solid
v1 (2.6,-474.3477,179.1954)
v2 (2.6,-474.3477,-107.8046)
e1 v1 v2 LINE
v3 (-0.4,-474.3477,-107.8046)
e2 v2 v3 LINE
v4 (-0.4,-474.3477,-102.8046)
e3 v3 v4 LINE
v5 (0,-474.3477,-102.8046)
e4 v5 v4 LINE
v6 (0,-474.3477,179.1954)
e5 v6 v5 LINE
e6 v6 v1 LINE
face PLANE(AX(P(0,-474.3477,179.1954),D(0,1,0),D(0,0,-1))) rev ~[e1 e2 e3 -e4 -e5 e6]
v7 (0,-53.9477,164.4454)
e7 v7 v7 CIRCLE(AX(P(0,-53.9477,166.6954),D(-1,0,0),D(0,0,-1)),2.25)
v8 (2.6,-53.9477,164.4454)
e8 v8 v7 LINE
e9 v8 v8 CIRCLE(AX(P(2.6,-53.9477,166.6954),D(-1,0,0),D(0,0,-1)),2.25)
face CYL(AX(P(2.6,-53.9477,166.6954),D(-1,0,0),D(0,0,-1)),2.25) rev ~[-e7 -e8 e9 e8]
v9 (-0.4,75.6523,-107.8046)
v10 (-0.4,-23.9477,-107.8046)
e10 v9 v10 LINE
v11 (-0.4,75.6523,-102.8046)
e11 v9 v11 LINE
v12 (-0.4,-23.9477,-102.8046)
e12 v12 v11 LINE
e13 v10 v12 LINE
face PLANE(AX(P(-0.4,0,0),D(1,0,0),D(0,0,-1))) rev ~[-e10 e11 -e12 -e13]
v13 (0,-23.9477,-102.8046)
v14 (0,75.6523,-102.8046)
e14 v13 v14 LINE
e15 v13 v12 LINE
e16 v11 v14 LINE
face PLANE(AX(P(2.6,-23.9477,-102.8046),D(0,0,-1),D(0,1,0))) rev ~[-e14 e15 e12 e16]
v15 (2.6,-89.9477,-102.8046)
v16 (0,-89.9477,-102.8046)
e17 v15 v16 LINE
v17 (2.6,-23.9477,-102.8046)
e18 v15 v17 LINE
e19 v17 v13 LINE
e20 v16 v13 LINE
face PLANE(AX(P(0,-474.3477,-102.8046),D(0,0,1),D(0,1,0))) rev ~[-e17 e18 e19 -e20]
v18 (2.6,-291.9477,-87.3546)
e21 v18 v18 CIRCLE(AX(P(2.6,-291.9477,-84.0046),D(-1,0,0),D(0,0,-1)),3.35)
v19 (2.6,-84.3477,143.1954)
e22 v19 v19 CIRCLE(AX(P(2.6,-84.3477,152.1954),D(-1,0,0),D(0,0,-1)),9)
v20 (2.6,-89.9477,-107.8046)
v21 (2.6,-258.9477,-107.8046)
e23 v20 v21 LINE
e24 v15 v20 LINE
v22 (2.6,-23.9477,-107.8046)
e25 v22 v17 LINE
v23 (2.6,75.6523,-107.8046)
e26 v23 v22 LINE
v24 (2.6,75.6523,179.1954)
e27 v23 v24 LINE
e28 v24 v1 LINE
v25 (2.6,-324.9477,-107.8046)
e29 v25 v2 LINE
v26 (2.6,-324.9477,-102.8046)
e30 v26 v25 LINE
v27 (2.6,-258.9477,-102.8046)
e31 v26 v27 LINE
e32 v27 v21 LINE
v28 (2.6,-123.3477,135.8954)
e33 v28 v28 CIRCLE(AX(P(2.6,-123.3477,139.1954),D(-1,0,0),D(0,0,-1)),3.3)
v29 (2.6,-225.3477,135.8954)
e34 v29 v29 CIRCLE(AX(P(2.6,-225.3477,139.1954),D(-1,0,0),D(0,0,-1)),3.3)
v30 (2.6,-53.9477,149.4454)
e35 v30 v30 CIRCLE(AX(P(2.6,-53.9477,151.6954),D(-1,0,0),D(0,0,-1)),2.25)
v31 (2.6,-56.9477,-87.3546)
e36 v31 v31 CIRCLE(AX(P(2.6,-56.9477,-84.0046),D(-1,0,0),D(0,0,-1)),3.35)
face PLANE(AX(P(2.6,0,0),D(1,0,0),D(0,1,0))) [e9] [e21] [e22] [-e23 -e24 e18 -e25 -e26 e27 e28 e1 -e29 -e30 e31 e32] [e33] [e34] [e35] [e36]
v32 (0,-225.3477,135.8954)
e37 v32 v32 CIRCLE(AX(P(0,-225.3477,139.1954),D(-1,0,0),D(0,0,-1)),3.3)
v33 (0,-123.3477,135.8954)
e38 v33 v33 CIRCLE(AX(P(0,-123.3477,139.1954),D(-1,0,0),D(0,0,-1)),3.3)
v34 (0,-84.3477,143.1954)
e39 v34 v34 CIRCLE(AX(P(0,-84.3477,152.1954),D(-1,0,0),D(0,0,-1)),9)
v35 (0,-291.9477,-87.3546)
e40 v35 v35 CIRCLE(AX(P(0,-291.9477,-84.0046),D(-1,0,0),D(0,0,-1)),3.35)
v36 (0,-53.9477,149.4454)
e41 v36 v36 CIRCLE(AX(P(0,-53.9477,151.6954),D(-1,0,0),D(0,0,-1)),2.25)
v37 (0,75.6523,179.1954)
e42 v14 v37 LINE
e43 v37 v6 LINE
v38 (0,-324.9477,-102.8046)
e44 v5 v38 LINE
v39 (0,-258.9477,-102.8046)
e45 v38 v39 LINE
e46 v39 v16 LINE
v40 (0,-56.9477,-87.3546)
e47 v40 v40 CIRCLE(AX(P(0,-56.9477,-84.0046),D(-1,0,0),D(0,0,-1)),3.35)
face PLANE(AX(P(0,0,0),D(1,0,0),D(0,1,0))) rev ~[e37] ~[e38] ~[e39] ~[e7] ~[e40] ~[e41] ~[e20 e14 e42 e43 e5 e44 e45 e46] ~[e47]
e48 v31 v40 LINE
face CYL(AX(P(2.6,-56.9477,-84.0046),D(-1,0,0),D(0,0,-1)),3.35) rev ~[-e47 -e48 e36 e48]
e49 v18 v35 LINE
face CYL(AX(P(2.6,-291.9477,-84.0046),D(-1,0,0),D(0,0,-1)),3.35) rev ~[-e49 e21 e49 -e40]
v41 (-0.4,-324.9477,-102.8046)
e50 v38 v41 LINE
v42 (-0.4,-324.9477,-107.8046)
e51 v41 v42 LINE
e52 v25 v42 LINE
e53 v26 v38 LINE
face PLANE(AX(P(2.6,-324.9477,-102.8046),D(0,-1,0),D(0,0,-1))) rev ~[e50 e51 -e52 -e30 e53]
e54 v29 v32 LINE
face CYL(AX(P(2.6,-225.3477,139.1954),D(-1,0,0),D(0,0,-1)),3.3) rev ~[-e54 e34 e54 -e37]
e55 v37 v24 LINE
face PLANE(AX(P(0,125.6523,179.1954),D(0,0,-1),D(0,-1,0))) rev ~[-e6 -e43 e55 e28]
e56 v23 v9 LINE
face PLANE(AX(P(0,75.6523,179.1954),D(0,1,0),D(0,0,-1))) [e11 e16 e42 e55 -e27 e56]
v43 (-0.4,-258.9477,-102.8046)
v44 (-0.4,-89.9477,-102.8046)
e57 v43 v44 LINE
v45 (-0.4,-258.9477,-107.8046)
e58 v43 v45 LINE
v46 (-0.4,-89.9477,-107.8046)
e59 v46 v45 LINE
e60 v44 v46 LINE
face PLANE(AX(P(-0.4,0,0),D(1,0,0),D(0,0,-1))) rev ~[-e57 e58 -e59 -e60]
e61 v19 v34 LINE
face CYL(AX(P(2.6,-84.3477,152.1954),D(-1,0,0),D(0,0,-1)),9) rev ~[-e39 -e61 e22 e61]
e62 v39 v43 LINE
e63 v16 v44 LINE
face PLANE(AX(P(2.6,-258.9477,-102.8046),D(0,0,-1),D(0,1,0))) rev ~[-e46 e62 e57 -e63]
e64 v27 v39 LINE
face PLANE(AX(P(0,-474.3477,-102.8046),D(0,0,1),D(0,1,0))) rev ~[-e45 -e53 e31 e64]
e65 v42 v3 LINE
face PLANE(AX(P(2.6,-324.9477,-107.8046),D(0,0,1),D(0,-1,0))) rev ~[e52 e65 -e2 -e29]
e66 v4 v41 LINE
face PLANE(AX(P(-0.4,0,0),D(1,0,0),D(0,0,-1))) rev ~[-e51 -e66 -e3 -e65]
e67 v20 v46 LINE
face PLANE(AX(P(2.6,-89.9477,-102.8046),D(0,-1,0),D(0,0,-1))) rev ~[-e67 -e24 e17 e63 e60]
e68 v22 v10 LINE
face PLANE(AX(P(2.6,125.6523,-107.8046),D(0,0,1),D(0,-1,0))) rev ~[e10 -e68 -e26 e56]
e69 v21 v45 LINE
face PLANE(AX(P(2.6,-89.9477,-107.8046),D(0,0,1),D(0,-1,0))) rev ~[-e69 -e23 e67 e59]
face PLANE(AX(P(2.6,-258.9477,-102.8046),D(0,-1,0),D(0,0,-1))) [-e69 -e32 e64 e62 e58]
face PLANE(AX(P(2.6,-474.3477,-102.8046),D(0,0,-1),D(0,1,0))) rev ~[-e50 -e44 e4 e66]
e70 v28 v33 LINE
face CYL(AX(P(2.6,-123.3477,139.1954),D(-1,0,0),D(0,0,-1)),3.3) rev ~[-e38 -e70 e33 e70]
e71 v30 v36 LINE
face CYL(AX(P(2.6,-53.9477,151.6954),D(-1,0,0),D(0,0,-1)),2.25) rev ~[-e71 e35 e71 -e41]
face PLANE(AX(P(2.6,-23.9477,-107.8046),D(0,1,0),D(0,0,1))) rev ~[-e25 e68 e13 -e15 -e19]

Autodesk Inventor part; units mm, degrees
ref_plane "YZ Plane" through (0, 0, 0) normal (1, 0, 0) x (0, 1, 0)
ref_plane "XZ Plane" through (0, 0, 0) normal (0, 1, 0) x (-1, 0, 0)
sketch "スケッチ1" plane through (0, 0, 0) normal (1, 0, 0) x (0, 1, 0)
  line L0 (125.6523, 179.1954) -> (-474.3477, 179.1954)
  line L1 (-474.3477, 179.1954) -> (-474.3477, -102.8046)
  line L2 (-474.3477, -102.8046) -> (125.6523, -102.8046)
  line L3 (125.6523, -102.8046) -> (125.6523, 179.1954)
  dimension "d0" = 600
  dimension "d1" = 282
extrude "押し出し1" add sketch "スケッチ1" along normal blind 2.6
sketch "スケッチ4" plane through (2.6, 0, 0) normal (1, 0, 0) x (0, 0, -1)
  line L0 (102.8046, 125.6523) -> (-179.1954, 125.6523) projected
  line L1 (-179.1954, 125.6523) -> (-179.1954, -474.3477) projected
  point P0 (0, 0)
  point P1 (-139.1954, -225.3477)
  point P2 (-139.1954, -123.3477)
  dimension "d19" = 102
  dimension "d20" = 249
  dimension "d21" = 40
  dimension "d22" = 40
hole "穴2" at (2.6, -225.3477, 139.1954) at (2.6, -123.3477, 139.1954) direction (-1, 0, 0) diameter 6.6 end through all
sketch "スケッチ5" plane through (2.6, 0, 0) normal (1, 0, 0) x (0, 0, -1)
  line L0 (-179.1954, 125.6523) -> (-179.1954, -474.3477) projected
  line L1 (102.8046, 125.6523) -> (-179.1954, 125.6523) projected
  point P0 (-152.1954, -84.3477)
  dimension "d30" = 27
  dimension "d31" = 210
hole "穴3" at (2.6, -84.3477, 152.1954) direction (-1, 0, 0) diameter 18 end through all
sketch "スケッチ6" plane through (2.6, 0, 0) normal (1, 0, 0) x (0, 0, -1)
  line L0 (-179.1954, 125.6523) -> (-179.1954, -474.3477) projected
  circle A0 centre (-152.1954, -84.3477) radius 9 projected
  point P0 (0, 0)
  point P1 (-166.6954, -53.9477)
  point P2 (-151.6954, -53.9477)
  dimension "d39" = 12.5
  dimension "d40" = 27.5
  dimension "d41" = 30.4
  dimension "d42" = 30.4
hole "穴4" at (2.6, -53.9477, 166.6954) at (2.6, -53.9477, 151.6954) direction (-1, 0, 0) diameter 4.5 end through all
sketch "スケッチ7" plane through (2.6, 0, 0) normal (1, 0, 0) x (0, 0, -1)
  line L0 (102.8046, 125.6523) -> (-179.1954, 125.6523) projected
  line L1 (102.8046, -474.3477) -> (102.8046, 125.6523) projected
  line L2 (-179.1954, -474.3477) -> (102.8046, -474.3477) projected
  point P0 (0, 0)
  point P1 (84.0046, -56.9477)
  point P2 (84.0046, -291.9477)
  dimension "d50" = 182.6
  dimension "d51" = 18.8
  dimension "d52" = 18.8
  dimension "d53" = 182.4
hole "穴5" at (2.6, -56.9477, -84.0046) at (2.6, -291.9477, -84.0046) direction (-1, 0, 0) diameter 6.7 end through all
sketch "スケッチ8" plane through (2.6, 0, 0) normal (1, 0, 0) x (0, 0, -1)
  line L0 (102.8046, -474.3477) -> (102.8046, 125.6523) projected
  line L1 (102.8046, 125.6523) -> (107.8046, 125.6523)
  line L2 (117.7603, -23.9477) -> (102.8046, -23.9477)
  line L3 (102.8046, -89.9477) -> (117.7603, -89.9477)
  line L4 (107.8046, 125.6523) -> (107.8046, -474.3477)
  line L5 (107.8046, -474.3477) -> (102.8046, -474.3477)
  line L6 (102.8046, -258.9477) -> (107.8046, -258.9477)
  line L7 (102.8046, -324.9477) -> (107.8046, -324.9477)
  circle A0 centre (84.0046, -56.9477) radius 3.35 projected
  circle A1 centre (84.0046, -291.9477) radius 3.35 projected
  point P0 (0, 0)
  point P1 (107.8046, -23.9477)
  point P2 (107.8046, -89.9477)
  dimension "d61" = 5
  dimension "d62" = 33
  dimension "d63" = 33
  dimension "d64" = 33
  dimension "d65" = 33
extrude "押し出し3" add sketch "スケッチ8" against normal blind 3 contours L0 L7 L4 L5 | L0 L3 L4 L6 | L0 L1 L4 L2
sketch "スケッチ9" plane through (2.6, 0, 0) normal (1, 0, 0) x (0, 0, -1)
  ellipse E0 centre (-2.4593, 110.6523) end of major axis (-2.4593, 125.1521) minor radius 14.4996 (5.606, 98.6026) -> (5.606, 122.702) ccw
  line L0 (4.4935, 123.5363) -> (-99.9579, 123.5363) projected
  line L1 (-99.9579, 97.7683) -> (4.4935, 97.7683) projected
  ellipse E1 centre (-67.383, 110.6523) end of major axis (-67.383, 123.067) minor radius 12.4145 (-70.683, 122.6204) -> (-70.683, 98.6842) ccw projected
  line L2 (-70.683, 122.6204) -> (-70.683, 125.6523)
  line L3 (102.8046, 125.6523) -> (-179.1954, 125.6523) projected
  line L4 (5.7266, 122.6204) -> (5.7266, 125.6523)
  line L5 (5.7266, 125.6523) -> (-70.683, 125.6523)
  line L6 (6.1243, 98.9661) -> (4.4935, 97.7683)
  line L7 (-70.683, 98.6842) -> (-66.6998, 97.7683)
  point P0 (0, 0)
extrude "押し出し4" cut sketch "スケッチ9" against normal blind 3
ref_plane "作業平面1" through (0, 75.6523, 179.1954) normal (0, 1, 0) x (1, 0, 0)
split "分割1" plane through (0, 75.6523, 179.1954) removes the side toward (0, 1, 0)
properties part number "lc_box_side" material "ポリカーボネート、クリア"
